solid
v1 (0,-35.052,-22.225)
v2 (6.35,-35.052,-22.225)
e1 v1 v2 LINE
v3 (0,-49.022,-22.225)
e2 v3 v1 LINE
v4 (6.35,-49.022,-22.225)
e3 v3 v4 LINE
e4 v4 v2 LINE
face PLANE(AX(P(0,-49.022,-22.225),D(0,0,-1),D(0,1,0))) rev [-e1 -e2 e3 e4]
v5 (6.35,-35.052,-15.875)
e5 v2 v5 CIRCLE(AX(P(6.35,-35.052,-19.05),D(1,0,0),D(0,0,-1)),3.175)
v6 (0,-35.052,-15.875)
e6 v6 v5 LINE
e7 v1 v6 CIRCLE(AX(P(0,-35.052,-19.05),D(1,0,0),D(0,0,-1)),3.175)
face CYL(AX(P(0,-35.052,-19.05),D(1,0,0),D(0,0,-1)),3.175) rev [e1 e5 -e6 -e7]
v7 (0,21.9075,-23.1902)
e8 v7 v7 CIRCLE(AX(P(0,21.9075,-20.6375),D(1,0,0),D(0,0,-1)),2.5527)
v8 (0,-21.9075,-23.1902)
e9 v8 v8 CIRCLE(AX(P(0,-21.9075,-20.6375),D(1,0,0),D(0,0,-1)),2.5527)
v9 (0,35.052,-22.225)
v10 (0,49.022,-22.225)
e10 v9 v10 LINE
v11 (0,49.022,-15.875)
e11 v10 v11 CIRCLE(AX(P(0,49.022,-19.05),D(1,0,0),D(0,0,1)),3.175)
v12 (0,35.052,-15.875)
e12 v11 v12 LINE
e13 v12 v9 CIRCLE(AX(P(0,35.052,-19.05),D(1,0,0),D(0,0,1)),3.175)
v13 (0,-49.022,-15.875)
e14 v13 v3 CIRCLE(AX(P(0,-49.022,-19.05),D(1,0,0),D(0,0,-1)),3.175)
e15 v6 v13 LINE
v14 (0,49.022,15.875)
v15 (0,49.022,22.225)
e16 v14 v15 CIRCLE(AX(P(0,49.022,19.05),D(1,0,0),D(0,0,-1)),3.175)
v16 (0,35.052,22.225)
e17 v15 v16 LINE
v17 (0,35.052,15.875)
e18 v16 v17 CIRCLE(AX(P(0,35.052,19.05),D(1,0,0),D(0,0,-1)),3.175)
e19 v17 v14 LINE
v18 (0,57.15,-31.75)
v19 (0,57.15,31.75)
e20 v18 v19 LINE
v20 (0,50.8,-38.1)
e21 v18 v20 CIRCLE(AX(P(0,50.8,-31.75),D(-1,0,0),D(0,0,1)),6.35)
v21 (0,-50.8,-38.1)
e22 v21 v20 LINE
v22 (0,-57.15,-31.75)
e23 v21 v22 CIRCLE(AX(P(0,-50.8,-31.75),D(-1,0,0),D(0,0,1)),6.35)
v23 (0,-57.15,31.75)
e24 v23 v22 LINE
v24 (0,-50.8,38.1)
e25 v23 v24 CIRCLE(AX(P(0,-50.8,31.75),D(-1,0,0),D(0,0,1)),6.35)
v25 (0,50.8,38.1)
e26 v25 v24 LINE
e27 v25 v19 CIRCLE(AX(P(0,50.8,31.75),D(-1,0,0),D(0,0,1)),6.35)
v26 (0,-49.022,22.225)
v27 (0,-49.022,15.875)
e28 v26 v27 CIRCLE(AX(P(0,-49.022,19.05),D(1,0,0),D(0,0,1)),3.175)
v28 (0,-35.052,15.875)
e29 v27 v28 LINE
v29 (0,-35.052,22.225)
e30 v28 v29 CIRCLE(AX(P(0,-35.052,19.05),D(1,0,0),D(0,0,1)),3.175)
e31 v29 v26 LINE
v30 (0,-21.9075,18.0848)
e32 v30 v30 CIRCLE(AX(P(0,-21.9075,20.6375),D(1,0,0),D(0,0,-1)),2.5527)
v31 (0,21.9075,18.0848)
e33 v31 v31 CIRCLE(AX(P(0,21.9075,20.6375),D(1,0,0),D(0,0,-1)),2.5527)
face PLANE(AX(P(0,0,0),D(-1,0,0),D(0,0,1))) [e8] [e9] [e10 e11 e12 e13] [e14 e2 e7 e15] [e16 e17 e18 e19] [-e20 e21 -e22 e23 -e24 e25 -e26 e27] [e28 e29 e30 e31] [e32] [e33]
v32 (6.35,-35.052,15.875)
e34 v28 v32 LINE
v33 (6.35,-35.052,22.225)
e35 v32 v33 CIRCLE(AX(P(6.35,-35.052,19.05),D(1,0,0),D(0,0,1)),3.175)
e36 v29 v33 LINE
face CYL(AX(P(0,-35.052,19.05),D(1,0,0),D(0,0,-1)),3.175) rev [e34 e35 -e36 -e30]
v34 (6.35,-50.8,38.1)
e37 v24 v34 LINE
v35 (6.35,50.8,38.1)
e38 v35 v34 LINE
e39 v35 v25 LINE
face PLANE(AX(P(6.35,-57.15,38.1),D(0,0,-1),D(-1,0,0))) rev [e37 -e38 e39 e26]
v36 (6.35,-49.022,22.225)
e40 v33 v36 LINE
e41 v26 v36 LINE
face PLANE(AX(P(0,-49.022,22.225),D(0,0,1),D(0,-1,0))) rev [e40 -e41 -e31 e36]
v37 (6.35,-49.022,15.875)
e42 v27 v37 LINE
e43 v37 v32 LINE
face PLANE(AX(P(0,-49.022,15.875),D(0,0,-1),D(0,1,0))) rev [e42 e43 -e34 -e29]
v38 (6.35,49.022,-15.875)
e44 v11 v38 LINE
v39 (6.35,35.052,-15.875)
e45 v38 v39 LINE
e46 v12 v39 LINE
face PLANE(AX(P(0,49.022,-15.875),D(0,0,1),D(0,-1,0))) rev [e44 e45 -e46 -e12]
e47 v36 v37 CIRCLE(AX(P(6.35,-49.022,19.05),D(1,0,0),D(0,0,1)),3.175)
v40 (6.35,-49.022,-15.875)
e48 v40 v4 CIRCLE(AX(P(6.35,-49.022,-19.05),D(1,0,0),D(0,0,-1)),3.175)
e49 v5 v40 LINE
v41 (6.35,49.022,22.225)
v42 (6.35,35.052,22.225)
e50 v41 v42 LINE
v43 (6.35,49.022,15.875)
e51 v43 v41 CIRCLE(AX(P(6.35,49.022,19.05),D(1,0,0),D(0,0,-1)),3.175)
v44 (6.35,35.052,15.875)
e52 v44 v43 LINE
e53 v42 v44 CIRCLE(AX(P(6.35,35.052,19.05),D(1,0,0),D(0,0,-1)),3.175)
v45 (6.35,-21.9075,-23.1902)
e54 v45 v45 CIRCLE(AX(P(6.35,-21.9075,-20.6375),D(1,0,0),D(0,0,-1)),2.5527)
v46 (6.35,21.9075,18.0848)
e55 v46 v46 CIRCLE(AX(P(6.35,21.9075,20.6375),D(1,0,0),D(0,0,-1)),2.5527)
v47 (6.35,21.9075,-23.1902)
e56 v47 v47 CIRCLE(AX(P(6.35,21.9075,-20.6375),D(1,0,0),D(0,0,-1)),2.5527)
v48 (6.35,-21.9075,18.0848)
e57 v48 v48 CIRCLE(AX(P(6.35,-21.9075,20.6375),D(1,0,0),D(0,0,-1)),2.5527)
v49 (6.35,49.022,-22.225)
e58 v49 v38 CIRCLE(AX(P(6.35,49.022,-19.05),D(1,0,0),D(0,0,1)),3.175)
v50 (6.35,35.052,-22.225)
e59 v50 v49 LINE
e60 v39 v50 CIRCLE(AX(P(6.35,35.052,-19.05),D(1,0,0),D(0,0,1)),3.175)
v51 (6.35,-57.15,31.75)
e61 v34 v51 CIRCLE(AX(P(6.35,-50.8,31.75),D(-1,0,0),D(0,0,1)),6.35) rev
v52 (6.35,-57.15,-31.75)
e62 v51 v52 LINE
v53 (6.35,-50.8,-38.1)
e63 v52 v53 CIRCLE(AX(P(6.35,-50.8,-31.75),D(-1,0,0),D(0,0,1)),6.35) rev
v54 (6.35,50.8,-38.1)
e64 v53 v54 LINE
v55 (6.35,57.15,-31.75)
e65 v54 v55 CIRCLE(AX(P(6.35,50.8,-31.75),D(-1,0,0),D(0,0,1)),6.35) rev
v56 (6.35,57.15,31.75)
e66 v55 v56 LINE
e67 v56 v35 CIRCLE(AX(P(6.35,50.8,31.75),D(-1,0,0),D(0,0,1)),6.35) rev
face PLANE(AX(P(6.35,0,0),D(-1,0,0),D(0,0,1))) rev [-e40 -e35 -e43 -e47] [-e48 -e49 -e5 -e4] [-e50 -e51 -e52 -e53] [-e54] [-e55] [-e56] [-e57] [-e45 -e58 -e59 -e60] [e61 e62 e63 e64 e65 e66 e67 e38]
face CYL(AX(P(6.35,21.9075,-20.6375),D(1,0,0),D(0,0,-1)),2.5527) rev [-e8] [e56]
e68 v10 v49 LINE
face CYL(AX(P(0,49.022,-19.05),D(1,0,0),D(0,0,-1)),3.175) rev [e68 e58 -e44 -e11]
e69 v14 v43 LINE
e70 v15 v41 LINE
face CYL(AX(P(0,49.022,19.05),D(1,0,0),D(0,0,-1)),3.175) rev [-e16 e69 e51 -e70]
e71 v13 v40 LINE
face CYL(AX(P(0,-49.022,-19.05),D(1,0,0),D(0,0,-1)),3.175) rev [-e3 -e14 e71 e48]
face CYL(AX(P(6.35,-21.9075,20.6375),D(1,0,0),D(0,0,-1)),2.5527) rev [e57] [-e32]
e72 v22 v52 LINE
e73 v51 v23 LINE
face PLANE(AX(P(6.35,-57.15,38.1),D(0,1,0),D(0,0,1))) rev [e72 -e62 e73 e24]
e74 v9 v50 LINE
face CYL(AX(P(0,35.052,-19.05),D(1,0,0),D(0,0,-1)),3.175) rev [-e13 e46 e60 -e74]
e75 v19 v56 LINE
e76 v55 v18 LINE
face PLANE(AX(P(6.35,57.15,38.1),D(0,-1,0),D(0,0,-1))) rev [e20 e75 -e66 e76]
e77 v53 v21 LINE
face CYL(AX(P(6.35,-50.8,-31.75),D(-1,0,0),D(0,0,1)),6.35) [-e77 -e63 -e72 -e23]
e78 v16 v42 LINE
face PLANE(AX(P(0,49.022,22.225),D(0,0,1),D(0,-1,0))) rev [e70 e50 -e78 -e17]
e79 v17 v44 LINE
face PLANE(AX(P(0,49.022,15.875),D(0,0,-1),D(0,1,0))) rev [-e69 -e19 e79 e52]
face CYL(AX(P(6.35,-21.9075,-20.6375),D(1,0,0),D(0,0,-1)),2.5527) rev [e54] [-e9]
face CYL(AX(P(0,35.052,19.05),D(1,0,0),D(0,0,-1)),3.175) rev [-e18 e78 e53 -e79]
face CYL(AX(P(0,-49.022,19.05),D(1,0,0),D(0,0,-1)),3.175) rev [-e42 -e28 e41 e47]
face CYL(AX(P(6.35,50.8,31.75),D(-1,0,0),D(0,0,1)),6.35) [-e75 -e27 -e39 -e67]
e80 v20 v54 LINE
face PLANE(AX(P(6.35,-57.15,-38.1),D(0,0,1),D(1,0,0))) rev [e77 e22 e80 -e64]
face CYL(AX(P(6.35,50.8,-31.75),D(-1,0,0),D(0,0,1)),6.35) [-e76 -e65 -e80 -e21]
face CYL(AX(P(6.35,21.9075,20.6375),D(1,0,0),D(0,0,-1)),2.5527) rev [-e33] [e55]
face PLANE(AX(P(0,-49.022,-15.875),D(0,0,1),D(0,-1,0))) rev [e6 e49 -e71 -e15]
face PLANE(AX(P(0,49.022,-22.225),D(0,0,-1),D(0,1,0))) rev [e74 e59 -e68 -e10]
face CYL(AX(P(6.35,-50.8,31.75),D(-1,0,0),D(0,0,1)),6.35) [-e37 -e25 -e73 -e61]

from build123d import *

# Parameters (mm, degrees)
SKETCH1_W               = 76.2
SKETCH1_H               = 114.3
BOSS_EXTRUDE1_DEPTH     = 6.35
F_1_4_20_TAPPED_HOLE1_D = 5.1054
CUT_EXTRUDE1_DEPTH      = 69.978656119
FILLET1_R               = 6.35


with BuildPart() as part:
    # Sketch1 → Boss-Extrude1 (new body)
    with BuildSketch(Plane(origin=(0, 0, 0), x_dir=(0, 0, -1), z_dir=(1, 0, 0))):
        Rectangle(SKETCH1_W, SKETCH1_H)
    extrude(amount=BOSS_EXTRUDE1_DEPTH)

    # 1/4-20 Tapped Hole1 (through all)
    with Locations(Plane(origin=(6.35, 0, 0), x_dir=(0, 0, -1), z_dir=(1, 0, 0))):
        with Locations((-20.6375, 21.9075), (20.6375, 21.9075), (20.6375, -21.9075), (-20.6375, -21.9075)):
            Hole(F_1_4_20_TAPPED_HOLE1_D / 2)

    # Sketch4 → Cut-Extrude1 (cut, through all)
    with BuildSketch(Plane(origin=(6.35, 0, 0), x_dir=(0, 0, -1), z_dir=(1, 0, 0))):
        with BuildLine():
            Line((15.875, 49.022), (15.875, 35.052))
            ThreePointArc((15.875, 35.052), (19.05, 31.877), (22.225, 35.052))
            Line((22.225, 35.052), (22.225, 49.022))
            ThreePointArc((22.225, 49.022), (19.05, 52.197), (15.875, 49.022))
        make_face()
        with BuildLine():
            Line((-22.225, 49.022), (-22.225, 35.052))
            ThreePointArc((-22.225, 35.052), (-19.05, 31.877), (-15.875, 35.052))
            Line((-15.875, 35.052), (-15.875, 49.022))
            ThreePointArc((-15.875, 49.022), (-19.05, 52.197), (-22.225, 49.022))
        make_face()
        with BuildLine():
            Line((-15.875, -49.022), (-15.875, -35.052))
            ThreePointArc((-15.875, -35.052), (-19.05, -31.877), (-22.225, -35.052))
            Line((-22.225, -35.052), (-22.225, -49.022))
            ThreePointArc((-22.225, -49.022), (-19.05, -52.197), (-15.875, -49.022))
        make_face()
        with BuildLine():
            Line((22.225, -49.022), (22.225, -35.052))
            ThreePointArc((22.225, -35.052), (19.05, -31.877), (15.875, -35.052))
            Line((15.875, -35.052), (15.875, -49.022))
            ThreePointArc((15.875, -49.022), (19.05, -52.197), (22.225, -49.022))
        make_face()
    extrude(amount=-CUT_EXTRUDE1_DEPTH, mode=Mode.SUBTRACT)

    # Fillet1
    fillet1_edges = [part.edges().sort_by_distance(p)[0] for p in [
        (3.175, -57.15, -38.1),
        (3.175, -57.15, 38.1),
        (3.175, 57.15, 38.1),
        (3.175, 57.15, -38.1),
    ]]
    fillet(fillet1_edges, radius=FILLET1_R)


solid = part.part
